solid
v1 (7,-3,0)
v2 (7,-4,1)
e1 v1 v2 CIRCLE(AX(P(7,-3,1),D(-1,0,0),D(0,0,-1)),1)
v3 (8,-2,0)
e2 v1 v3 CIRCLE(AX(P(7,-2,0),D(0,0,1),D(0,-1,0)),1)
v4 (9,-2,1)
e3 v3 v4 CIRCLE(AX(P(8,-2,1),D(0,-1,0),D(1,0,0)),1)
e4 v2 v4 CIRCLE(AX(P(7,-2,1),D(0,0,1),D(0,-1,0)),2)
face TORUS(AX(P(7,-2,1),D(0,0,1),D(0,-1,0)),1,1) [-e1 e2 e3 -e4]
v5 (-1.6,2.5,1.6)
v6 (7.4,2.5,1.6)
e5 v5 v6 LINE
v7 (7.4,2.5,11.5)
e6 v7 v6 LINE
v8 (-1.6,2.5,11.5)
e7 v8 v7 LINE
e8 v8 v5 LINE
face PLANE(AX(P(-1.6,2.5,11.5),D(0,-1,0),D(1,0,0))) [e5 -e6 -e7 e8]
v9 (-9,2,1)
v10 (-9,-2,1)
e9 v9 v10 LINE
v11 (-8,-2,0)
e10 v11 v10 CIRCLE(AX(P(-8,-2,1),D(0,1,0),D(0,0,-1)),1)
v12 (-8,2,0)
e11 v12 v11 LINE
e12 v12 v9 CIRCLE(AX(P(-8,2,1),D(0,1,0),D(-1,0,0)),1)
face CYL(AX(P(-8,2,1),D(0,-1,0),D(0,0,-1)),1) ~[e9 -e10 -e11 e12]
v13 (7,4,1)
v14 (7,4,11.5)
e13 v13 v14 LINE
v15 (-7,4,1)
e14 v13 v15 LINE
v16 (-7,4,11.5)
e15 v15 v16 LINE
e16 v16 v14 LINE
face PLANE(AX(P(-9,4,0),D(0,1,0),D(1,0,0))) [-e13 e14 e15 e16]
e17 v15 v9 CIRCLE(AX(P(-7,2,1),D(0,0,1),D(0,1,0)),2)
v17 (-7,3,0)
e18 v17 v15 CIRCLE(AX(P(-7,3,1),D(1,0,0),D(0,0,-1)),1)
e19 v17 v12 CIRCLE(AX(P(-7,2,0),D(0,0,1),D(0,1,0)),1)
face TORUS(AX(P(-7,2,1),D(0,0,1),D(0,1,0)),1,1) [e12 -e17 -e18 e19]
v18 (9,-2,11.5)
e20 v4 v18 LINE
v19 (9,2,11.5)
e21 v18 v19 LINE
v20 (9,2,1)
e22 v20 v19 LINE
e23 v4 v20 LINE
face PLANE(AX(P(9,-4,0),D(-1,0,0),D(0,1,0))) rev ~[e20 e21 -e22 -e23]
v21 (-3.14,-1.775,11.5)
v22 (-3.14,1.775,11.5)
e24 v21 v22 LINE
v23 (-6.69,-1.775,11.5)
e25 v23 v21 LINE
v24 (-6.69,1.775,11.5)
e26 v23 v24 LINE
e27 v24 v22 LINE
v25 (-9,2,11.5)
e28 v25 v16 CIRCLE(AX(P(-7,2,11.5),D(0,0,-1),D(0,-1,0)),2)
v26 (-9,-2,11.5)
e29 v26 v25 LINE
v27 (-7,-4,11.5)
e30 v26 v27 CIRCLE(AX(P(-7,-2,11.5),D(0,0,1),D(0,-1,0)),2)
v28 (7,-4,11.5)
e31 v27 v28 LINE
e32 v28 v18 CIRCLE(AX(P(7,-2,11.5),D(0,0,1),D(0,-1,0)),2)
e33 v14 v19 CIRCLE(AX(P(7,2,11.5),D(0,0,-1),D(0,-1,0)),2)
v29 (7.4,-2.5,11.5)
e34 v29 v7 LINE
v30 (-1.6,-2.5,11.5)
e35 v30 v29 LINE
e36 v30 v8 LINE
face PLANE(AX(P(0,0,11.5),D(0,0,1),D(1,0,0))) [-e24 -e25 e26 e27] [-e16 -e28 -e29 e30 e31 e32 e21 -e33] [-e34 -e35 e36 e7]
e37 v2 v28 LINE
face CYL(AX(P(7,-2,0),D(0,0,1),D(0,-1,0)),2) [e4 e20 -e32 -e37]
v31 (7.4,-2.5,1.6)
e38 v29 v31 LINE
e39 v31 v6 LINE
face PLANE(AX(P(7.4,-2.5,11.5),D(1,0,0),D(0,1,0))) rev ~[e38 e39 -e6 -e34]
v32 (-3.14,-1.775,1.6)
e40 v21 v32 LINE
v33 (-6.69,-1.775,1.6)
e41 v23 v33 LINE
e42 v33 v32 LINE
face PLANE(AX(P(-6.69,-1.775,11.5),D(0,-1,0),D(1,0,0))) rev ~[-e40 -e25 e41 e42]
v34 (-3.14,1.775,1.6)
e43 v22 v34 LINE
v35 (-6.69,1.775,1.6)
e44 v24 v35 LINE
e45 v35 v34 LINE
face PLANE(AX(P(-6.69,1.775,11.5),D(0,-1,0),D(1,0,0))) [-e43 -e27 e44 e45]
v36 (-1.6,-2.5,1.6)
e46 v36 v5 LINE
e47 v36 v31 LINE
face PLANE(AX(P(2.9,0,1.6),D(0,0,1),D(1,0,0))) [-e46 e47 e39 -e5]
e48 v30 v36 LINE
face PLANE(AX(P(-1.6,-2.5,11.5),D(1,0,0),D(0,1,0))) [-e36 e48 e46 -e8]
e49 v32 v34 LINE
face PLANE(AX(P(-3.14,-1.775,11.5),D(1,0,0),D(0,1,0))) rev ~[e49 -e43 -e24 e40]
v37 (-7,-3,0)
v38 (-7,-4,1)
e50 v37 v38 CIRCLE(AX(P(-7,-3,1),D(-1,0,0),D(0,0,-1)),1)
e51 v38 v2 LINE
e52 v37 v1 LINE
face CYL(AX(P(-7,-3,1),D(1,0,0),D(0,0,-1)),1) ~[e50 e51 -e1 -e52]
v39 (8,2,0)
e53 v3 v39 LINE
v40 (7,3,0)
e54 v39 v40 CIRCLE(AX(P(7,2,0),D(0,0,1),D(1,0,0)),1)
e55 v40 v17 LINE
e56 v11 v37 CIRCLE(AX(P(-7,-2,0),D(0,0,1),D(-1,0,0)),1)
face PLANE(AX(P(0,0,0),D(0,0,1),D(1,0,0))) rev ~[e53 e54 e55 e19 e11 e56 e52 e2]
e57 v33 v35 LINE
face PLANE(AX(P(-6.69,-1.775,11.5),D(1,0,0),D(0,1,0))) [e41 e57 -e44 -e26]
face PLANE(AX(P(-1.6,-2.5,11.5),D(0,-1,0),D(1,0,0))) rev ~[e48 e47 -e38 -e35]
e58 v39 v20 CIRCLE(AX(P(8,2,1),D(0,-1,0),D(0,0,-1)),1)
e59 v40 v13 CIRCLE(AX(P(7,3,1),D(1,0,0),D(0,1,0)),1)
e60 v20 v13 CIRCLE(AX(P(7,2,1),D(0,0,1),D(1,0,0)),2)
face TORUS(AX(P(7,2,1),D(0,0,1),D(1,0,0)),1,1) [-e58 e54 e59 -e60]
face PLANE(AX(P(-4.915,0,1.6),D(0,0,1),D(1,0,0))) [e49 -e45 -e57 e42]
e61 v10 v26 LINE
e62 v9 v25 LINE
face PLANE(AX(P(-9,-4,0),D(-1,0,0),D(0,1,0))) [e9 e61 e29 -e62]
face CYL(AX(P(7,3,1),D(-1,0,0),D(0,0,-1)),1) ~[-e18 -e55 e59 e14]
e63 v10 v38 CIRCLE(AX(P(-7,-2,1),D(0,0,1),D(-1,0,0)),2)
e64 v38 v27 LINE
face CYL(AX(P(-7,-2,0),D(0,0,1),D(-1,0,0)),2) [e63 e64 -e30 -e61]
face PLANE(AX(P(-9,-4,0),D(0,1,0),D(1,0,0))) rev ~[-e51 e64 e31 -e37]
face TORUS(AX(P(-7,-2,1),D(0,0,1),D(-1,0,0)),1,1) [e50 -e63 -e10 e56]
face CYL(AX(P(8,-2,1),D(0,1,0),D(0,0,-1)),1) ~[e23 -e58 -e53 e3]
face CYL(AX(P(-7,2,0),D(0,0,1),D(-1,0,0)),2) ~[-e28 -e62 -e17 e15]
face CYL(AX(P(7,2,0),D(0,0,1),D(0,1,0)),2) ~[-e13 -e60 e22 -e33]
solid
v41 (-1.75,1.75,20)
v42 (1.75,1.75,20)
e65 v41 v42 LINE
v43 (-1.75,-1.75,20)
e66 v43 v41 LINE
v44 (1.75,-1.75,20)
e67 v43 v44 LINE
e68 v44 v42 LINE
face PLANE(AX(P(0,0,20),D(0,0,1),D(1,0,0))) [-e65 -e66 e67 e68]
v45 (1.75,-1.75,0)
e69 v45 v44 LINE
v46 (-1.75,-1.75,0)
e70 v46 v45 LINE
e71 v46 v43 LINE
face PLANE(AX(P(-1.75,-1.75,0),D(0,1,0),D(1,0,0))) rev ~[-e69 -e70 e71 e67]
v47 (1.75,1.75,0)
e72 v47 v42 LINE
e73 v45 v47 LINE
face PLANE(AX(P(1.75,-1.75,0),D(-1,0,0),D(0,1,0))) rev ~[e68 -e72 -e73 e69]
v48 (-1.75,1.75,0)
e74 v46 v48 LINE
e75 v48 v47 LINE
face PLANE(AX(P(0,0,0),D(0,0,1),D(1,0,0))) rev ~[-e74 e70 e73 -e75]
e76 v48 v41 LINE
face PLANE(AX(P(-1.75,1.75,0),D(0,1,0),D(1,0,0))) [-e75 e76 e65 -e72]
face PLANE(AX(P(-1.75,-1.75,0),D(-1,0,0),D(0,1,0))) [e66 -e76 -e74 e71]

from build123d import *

# Parameters (mm, degrees)
SKETCH_W      = 18
SKETCH_H      = 8
PAD_DEPTH     = 11.5
SKETCH001_W   = 9
SKETCH001_H   = 5
SKETCH001_W_2 = 3.55
SKETCH001_H_2 = 3.55
POCKET_DEPTH  = 9.9
FILLET_R      = 2
FILLET001_R   = 1
SKETCH002_W   = 3.5
SKETCH002_H   = 3.5
PAD001_DEPTH  = 20


with BuildPart() as body:
    # Sketch (on XY_Plane of Origin) → Pad (new body)
    with BuildSketch(Plane.XY):
        Rectangle(SKETCH_W, SKETCH_H)
    extrude(amount=PAD_DEPTH)

    # Sketch001 (on Face6 of Pad) → Pocket (cut)
    with BuildSketch(Plane.XY.offset(11.5)):
        with Locations((2.9, 0)):
            Rectangle(SKETCH001_W, SKETCH001_H)
        with Locations((-4.915, 0)):
            Rectangle(SKETCH001_W_2, SKETCH001_H_2)
    extrude(amount=-POCKET_DEPTH, mode=Mode.SUBTRACT)

    # Fillet
    fillet_edges = [body.edges().sort_by_distance(p)[0] for p in [
        (9, -4, 5.75),
        (9, 4, 5.75),
        (-9, -4, 5.75),
        (-9, 4, 5.75),
    ]]
    fillet(fillet_edges, radius=FILLET_R)

    # Fillet001
    fillet001_edges = [body.edges().sort_by_distance(p)[0] for p in [
        (0, -4, 0),
        (0, 4, 0),
        (9, 0, 0),
        (-9, 0, 0),
    ]]
    fillet(fillet001_edges, radius=FILLET001_R)


with BuildPart() as body001:
    # Sketch002 (on XY_Plane001 of Origin002) → Pad001 (new body)
    with BuildSketch(Plane.XY):
        Rectangle(SKETCH002_W, SKETCH002_H)
    extrude(amount=PAD001_DEPTH)


solid = Compound([body.part, body001.part])
